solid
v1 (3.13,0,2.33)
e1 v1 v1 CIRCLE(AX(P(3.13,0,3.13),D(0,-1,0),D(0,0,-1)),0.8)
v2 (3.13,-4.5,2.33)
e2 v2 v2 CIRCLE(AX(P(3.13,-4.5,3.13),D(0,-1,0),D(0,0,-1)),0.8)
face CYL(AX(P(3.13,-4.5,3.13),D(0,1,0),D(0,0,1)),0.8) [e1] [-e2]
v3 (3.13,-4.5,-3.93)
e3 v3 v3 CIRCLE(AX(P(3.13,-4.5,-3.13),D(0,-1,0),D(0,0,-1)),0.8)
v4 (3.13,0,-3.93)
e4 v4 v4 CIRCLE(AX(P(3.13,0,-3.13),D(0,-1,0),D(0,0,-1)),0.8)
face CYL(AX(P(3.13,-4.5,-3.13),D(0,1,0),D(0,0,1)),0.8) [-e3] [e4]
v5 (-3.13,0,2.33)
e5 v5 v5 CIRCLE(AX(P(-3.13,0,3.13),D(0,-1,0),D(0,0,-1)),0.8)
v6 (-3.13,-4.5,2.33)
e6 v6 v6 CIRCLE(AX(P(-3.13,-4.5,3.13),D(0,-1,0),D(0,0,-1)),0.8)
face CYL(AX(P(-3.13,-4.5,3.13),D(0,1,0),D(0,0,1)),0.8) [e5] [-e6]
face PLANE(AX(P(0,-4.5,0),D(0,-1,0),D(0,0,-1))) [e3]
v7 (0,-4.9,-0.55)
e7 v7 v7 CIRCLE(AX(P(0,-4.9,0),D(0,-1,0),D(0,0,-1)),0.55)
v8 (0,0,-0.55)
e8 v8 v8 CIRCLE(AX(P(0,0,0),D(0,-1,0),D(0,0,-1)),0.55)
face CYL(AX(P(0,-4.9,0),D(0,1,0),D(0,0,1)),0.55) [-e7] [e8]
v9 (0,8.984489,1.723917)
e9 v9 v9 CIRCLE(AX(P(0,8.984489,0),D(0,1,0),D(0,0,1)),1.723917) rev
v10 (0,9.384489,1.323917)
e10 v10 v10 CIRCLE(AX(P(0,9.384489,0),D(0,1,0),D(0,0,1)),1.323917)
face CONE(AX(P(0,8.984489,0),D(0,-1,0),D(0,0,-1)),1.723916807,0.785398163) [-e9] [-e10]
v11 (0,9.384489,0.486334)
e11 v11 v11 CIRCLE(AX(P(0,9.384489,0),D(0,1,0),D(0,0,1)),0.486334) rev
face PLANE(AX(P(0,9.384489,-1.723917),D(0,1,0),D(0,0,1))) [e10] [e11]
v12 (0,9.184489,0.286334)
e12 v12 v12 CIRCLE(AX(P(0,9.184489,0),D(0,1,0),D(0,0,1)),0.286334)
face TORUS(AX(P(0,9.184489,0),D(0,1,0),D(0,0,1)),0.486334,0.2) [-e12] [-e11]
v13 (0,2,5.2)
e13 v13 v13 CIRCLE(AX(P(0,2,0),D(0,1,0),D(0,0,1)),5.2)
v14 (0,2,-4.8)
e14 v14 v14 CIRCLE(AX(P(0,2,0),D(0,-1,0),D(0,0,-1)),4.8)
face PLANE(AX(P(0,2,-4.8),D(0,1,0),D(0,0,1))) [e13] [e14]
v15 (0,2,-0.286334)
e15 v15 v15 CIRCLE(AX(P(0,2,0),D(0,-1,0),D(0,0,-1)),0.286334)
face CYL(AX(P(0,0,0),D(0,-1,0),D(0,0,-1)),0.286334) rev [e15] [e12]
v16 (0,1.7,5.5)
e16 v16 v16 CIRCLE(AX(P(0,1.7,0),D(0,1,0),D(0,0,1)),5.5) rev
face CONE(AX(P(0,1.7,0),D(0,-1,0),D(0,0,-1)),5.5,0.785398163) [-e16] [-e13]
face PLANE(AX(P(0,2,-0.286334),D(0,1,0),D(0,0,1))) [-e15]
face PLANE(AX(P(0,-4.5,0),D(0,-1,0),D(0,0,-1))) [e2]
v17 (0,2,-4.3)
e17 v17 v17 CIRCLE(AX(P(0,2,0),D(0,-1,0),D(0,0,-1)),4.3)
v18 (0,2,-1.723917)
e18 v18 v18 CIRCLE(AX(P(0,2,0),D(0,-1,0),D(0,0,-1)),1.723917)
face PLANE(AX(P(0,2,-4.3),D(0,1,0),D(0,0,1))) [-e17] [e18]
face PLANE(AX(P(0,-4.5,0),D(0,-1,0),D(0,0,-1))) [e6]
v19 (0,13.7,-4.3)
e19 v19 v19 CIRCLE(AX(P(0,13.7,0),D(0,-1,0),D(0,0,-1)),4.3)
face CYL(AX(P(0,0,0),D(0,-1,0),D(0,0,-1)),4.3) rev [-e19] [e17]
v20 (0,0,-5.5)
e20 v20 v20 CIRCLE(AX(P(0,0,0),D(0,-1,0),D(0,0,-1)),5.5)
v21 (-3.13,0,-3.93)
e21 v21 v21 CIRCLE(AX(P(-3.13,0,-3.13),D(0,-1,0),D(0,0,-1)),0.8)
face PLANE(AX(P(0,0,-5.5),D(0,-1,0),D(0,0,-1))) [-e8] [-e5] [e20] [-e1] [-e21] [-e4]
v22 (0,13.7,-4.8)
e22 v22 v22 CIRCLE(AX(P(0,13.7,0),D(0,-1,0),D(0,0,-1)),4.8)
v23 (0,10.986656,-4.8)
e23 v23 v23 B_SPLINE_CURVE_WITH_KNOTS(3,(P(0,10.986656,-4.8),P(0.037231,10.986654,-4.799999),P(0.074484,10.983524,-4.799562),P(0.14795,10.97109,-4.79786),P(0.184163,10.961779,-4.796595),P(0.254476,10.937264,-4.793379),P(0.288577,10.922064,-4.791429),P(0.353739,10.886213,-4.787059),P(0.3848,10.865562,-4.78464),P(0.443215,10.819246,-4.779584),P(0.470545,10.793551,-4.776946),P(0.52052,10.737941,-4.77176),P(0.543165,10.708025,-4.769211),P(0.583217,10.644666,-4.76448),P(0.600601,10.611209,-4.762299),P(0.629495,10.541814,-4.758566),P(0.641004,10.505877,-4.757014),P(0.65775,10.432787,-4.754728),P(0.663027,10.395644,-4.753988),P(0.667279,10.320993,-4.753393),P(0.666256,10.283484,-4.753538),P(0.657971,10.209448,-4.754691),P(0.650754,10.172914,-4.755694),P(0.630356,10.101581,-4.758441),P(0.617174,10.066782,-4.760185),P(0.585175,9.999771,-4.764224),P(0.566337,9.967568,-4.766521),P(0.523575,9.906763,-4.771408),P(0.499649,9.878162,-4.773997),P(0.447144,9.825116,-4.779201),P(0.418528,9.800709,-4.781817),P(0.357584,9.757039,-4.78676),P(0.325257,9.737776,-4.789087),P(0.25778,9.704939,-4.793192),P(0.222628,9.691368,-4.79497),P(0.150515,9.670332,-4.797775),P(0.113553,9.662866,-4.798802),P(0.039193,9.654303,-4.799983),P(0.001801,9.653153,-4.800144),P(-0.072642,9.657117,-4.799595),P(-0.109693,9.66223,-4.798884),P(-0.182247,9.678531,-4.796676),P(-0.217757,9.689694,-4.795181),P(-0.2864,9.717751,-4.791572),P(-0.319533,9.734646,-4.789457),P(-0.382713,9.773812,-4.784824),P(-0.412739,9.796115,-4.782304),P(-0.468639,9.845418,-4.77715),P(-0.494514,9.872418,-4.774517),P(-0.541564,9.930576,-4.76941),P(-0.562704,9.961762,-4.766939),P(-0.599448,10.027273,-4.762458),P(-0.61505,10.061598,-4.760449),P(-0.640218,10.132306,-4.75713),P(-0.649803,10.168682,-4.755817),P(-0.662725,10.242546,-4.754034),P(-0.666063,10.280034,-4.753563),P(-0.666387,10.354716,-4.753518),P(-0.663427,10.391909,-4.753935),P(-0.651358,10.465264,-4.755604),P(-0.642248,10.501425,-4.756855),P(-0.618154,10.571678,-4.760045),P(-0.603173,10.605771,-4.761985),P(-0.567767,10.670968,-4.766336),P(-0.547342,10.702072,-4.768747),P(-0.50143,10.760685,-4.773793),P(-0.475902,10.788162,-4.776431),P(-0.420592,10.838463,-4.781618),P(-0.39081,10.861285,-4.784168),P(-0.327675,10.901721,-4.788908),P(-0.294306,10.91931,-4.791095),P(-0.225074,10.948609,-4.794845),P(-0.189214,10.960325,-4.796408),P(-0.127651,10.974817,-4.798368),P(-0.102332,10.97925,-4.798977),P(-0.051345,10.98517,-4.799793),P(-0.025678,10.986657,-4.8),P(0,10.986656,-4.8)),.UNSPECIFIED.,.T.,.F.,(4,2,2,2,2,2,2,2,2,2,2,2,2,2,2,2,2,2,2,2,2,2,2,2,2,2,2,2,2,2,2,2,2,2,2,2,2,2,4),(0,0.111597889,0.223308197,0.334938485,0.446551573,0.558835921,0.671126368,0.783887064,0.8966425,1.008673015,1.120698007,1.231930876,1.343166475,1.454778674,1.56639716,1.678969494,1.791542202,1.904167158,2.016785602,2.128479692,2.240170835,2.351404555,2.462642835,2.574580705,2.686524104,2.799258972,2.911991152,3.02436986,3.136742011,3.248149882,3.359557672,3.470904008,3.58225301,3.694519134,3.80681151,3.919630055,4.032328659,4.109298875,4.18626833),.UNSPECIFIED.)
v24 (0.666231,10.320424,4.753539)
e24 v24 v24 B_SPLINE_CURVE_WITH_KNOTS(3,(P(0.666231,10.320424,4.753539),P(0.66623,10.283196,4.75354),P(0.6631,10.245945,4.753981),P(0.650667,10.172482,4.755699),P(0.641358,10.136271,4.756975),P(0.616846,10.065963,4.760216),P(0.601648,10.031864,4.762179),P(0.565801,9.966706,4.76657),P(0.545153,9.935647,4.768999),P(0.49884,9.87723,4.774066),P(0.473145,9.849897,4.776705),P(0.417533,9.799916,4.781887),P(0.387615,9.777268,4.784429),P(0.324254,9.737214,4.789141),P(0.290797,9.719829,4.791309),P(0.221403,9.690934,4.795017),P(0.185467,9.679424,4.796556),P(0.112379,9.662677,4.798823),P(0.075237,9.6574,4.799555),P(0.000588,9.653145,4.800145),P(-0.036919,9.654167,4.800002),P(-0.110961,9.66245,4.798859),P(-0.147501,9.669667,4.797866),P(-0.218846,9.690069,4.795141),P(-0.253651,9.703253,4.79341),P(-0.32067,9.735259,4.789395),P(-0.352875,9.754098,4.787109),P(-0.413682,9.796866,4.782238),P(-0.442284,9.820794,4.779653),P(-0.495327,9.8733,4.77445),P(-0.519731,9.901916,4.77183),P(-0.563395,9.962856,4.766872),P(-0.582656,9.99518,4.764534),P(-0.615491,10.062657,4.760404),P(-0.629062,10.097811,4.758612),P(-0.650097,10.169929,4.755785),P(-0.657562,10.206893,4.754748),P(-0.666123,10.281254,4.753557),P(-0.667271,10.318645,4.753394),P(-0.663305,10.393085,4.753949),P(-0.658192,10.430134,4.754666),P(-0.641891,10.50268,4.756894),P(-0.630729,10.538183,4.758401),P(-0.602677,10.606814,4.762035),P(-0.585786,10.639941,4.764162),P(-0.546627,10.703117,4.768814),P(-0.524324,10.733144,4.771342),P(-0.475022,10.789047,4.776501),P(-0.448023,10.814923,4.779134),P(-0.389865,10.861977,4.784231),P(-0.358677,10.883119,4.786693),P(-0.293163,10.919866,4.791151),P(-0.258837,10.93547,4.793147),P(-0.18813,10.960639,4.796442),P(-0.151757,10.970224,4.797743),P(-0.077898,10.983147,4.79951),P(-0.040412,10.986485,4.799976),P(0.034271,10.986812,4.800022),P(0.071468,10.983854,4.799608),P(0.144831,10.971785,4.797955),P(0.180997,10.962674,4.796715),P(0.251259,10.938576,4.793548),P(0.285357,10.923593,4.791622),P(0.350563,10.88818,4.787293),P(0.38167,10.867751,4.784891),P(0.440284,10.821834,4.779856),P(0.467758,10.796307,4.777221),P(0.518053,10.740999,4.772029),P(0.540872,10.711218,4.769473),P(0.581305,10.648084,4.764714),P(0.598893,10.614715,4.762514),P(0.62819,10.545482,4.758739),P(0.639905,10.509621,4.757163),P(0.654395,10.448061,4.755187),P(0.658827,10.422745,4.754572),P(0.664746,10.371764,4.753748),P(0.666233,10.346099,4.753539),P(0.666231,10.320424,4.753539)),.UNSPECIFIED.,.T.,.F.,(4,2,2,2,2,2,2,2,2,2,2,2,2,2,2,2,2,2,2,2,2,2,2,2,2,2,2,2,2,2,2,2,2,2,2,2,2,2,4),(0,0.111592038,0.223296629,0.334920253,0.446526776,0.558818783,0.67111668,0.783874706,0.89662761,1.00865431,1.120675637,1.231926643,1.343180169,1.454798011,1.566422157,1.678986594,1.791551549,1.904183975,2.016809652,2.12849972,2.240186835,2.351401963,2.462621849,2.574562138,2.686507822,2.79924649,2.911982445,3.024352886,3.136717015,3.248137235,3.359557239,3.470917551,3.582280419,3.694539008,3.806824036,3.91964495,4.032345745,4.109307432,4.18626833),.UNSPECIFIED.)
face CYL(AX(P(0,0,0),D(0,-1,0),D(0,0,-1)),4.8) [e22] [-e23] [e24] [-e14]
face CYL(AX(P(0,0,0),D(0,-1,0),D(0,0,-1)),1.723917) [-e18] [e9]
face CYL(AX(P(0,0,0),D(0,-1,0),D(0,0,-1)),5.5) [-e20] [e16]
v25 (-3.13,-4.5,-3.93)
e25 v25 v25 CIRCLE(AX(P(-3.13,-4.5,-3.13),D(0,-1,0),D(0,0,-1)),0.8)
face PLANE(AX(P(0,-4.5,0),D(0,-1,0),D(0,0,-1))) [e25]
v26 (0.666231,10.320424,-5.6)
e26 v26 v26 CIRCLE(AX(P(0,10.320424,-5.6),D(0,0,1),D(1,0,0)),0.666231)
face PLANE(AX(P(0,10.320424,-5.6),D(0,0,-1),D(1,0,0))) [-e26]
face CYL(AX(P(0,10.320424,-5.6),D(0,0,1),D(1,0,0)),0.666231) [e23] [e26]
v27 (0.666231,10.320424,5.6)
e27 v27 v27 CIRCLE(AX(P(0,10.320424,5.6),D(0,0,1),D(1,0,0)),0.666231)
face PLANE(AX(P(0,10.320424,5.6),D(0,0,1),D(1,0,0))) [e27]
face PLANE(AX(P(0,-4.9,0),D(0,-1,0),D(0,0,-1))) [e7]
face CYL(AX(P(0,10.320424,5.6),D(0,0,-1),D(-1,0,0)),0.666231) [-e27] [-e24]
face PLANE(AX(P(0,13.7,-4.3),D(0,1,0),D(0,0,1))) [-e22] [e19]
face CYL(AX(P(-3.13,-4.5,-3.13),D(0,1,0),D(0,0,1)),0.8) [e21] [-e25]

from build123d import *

# Parameters (mm, degrees)
BOSS_EXTRUDE1_START = -0.046461
SKETCH4_R           = 0.666231497
BOSS_EXTRUDE1_DEPTH = 0.846461
CHAMFER1_SIZE       = 0.3
FILLET1_R           = 0.2
CHAMFER2_SIZE       = 0.4
SKETCH5_R           = 0.55
BOSS_EXTRUDE2_DEPTH = 4.9
SKETCH5_3_R         = 0.8
BOSS_EXTRUDE3_DEPTH = 4.5


with BuildPart() as part:
    # Sketch1 → Revolve1 (revolve)
    with BuildSketch(Plane(origin=(0, 0, 0), x_dir=(0, 0, -1), z_dir=(1, 0, 0))):
        Polygon((0, 0), (0, 2), (0.286334312, 2), (0.286334312, 9.384488656), (1.723916807, 9.384488656), (1.723916807, 2), (4.3, 2), (4.3, 13.7), (4.8, 13.7), (4.8, 2), (5.5, 2), (5.5, 0), align=None)
    revolve(axis=Axis((0, 0, 0), (0, 1, 0)))

    # Sketch4 → Boss-Extrude1 (add)
    with BuildSketch(Plane.XY.offset(4.8).offset(BOSS_EXTRUDE1_START)):
        with Locations((0, 10.320424239)):
            Circle(SKETCH4_R)
    boss_extrude1 = extrude(amount=BOSS_EXTRUDE1_DEPTH)

    # Mirror1: Boss-Extrude1 across plane
    add(boss_extrude1.mirror(Plane(origin=(0, 0, 0), x_dir=(1, 0, 0), z_dir=(0, 0, -1))))

    # Chamfer1
    chamfer1_edges = [part.edges().sort_by_distance(p)[0] for p in [
        (0, 2, 5.5),
    ]]
    chamfer(chamfer1_edges, length=CHAMFER1_SIZE)

    # Fillet1
    fillet1_edges = [part.edges().sort_by_distance(p)[0] for p in [
        (0, 9.384488656, 0.286334312),
    ]]
    fillet(fillet1_edges, radius=FILLET1_R)

    # Chamfer2
    chamfer2_edges = [part.edges().sort_by_distance(p)[0] for p in [
        (0, 9.384488656, 1.723916807),
    ]]
    chamfer(chamfer2_edges, length=CHAMFER2_SIZE)

    # Sketch5 → Boss-Extrude2 (add)
    with BuildSketch(Plane.XZ):
        with Locations(Location((0, 0, 0), (0, 0, 270))):
            Circle(SKETCH5_R)
    extrude(amount=BOSS_EXTRUDE2_DEPTH)

    # Sketch5<3> → Boss-Extrude3 (add)
    with BuildSketch(Plane.XZ):
        with Locations(Location((-3.13, 3.13, 0), (0, 0, 270))):
            Circle(SKETCH5_3_R)
        with Locations(Location((3.13, 3.13, 0), (0, 0, 270))):
            Circle(SKETCH5_3_R)
        with Locations(Location((-3.13, -3.13, 0), (0, 0, 270))):
            Circle(SKETCH5_3_R)
        with Locations(Location((3.13, -3.13, 0), (0, 0, 270))):
            Circle(SKETCH5_3_R)
    extrude(amount=BOSS_EXTRUDE3_DEPTH)


solid = part.part
